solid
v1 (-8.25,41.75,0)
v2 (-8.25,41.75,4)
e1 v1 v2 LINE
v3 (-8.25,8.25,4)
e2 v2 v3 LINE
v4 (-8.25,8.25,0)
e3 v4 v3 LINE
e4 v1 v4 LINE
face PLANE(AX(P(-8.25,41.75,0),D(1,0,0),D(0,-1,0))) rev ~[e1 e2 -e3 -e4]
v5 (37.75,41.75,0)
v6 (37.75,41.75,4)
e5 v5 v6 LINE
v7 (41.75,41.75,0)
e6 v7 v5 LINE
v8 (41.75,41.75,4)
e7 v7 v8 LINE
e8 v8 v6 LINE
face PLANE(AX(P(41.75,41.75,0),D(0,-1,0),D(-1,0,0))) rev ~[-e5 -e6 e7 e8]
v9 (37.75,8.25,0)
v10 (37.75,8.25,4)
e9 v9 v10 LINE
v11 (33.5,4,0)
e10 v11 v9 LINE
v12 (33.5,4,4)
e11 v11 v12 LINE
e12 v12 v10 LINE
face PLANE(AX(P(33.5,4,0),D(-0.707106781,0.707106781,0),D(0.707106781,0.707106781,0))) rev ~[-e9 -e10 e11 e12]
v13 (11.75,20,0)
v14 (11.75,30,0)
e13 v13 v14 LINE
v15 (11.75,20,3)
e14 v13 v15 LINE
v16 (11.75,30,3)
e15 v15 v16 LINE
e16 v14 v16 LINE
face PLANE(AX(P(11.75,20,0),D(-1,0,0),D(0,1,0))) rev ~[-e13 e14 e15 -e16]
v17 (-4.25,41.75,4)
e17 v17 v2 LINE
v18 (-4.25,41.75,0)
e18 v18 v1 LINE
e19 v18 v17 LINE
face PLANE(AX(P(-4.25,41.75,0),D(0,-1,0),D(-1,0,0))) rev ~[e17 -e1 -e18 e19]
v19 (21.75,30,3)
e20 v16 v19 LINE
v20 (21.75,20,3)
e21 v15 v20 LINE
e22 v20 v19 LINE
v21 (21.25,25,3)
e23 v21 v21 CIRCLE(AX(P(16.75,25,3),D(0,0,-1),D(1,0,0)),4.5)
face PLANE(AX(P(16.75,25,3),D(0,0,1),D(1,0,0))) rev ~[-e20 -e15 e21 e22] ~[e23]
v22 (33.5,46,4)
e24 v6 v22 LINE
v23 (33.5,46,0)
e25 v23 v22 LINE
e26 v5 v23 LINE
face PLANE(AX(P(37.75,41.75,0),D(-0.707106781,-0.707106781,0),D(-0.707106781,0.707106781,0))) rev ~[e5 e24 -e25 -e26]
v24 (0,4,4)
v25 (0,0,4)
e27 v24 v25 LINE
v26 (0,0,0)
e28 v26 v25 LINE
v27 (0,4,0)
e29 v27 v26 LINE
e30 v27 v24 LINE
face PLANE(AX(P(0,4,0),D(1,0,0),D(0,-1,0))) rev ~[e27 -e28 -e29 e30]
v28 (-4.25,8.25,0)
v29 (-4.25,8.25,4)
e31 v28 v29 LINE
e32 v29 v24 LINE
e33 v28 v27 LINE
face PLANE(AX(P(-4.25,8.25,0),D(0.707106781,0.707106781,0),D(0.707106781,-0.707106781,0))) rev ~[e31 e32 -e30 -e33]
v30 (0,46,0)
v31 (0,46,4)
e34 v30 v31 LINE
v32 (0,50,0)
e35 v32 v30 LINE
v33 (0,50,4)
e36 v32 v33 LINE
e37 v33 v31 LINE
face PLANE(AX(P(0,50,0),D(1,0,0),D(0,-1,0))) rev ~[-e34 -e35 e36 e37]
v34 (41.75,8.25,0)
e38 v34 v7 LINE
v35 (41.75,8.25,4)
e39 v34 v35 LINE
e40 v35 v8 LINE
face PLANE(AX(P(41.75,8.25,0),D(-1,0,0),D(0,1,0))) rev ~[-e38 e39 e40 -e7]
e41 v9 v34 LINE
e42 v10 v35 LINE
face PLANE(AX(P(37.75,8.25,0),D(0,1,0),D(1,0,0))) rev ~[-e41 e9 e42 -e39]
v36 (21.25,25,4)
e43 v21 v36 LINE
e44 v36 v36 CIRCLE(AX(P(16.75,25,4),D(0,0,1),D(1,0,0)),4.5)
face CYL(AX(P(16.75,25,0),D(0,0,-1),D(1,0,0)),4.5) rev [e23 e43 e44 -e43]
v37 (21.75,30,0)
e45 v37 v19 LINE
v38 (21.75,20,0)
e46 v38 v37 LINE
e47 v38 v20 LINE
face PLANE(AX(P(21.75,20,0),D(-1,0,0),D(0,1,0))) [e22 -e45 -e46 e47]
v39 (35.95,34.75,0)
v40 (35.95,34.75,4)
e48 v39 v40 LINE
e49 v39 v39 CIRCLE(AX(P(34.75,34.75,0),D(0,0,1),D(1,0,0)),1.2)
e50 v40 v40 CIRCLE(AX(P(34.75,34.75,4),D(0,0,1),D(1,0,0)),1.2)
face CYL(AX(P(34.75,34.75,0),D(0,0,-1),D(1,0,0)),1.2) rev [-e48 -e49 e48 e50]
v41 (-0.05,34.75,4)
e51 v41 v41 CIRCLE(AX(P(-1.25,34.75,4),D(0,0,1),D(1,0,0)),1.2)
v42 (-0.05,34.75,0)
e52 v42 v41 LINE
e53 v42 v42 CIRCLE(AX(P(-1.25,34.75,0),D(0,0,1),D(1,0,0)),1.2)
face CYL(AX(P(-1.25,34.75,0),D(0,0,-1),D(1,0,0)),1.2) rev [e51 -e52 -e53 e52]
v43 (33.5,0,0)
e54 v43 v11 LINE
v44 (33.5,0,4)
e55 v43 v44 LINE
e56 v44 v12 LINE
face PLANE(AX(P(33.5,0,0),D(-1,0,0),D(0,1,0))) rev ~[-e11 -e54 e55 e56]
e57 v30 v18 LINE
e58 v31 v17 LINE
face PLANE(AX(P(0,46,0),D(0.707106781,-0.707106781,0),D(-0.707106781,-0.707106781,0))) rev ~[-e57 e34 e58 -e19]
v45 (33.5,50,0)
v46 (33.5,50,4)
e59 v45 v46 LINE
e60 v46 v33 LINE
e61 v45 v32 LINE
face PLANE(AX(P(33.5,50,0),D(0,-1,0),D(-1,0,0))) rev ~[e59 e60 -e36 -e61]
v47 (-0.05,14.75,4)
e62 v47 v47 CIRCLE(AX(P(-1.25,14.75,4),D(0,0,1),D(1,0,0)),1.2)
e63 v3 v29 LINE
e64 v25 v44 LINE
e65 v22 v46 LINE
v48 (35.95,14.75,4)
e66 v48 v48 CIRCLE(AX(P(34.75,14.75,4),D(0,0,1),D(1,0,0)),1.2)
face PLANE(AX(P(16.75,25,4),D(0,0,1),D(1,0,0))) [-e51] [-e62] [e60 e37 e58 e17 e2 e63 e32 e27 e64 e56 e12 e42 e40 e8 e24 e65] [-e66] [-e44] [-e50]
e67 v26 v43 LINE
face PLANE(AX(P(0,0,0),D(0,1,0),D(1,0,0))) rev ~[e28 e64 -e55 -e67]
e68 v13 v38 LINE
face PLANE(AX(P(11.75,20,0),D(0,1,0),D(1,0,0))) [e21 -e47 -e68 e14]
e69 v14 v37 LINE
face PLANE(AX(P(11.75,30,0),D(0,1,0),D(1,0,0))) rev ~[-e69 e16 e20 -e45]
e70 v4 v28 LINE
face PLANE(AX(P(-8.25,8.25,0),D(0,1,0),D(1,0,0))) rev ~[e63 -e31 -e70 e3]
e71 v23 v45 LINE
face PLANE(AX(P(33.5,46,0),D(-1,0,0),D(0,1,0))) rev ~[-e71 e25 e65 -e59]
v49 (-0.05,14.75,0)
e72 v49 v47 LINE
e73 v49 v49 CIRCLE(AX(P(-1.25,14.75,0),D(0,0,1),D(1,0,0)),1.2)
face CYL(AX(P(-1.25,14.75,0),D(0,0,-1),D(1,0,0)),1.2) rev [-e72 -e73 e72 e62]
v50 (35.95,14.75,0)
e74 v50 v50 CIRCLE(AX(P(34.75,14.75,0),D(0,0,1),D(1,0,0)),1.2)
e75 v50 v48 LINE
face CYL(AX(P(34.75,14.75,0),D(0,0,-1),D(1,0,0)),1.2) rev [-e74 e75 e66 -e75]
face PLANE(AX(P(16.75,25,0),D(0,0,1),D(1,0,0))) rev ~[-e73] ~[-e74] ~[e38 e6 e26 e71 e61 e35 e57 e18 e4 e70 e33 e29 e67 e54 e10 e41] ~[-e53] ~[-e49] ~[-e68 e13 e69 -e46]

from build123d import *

# Parameters (mm, degrees)
SKETCH_R     = 4.5
SKETCH_R_2   = 1.2
PAD_DEPTH    = 4
SKETCH001_W  = 10
SKETCH001_H  = 10
POCKET_DEPTH = 3


with BuildPart() as part:
    # Sketch → Pad (new body)
    with BuildSketch(Plane.XY):
        Polygon((0, 0), (33.5, 0), (33.5, 4), (37.75, 8.25), (41.75, 8.25), (41.75, 41.75), (37.75, 41.75), (33.5, 46), (33.5, 50), (0, 50), (0, 46), (-4.25, 41.75), (-8.25, 41.75), (-8.25, 8.25), (-4.25, 8.25), (0, 4), align=None)
        with Locations((16.75, 25)):
            Circle(SKETCH_R, mode=Mode.SUBTRACT)
        with Locations((-1.25, 34.75)):
            Circle(SKETCH_R_2, mode=Mode.SUBTRACT)
        with Locations((-1.25, 14.75)):
            Circle(SKETCH_R_2, mode=Mode.SUBTRACT)
        with Locations((34.75, 34.75)):
            Circle(SKETCH_R_2, mode=Mode.SUBTRACT)
        with Locations((34.75, 14.75)):
            Circle(SKETCH_R_2, mode=Mode.SUBTRACT)
    extrude(amount=PAD_DEPTH)

    # Sketch001 → Pocket (cut)
    with BuildSketch(Plane.XY):
        with Locations((16.75, 25)):
            Rectangle(SKETCH001_W, SKETCH001_H)
    extrude(amount=POCKET_DEPTH, mode=Mode.SUBTRACT)


solid = part.part
